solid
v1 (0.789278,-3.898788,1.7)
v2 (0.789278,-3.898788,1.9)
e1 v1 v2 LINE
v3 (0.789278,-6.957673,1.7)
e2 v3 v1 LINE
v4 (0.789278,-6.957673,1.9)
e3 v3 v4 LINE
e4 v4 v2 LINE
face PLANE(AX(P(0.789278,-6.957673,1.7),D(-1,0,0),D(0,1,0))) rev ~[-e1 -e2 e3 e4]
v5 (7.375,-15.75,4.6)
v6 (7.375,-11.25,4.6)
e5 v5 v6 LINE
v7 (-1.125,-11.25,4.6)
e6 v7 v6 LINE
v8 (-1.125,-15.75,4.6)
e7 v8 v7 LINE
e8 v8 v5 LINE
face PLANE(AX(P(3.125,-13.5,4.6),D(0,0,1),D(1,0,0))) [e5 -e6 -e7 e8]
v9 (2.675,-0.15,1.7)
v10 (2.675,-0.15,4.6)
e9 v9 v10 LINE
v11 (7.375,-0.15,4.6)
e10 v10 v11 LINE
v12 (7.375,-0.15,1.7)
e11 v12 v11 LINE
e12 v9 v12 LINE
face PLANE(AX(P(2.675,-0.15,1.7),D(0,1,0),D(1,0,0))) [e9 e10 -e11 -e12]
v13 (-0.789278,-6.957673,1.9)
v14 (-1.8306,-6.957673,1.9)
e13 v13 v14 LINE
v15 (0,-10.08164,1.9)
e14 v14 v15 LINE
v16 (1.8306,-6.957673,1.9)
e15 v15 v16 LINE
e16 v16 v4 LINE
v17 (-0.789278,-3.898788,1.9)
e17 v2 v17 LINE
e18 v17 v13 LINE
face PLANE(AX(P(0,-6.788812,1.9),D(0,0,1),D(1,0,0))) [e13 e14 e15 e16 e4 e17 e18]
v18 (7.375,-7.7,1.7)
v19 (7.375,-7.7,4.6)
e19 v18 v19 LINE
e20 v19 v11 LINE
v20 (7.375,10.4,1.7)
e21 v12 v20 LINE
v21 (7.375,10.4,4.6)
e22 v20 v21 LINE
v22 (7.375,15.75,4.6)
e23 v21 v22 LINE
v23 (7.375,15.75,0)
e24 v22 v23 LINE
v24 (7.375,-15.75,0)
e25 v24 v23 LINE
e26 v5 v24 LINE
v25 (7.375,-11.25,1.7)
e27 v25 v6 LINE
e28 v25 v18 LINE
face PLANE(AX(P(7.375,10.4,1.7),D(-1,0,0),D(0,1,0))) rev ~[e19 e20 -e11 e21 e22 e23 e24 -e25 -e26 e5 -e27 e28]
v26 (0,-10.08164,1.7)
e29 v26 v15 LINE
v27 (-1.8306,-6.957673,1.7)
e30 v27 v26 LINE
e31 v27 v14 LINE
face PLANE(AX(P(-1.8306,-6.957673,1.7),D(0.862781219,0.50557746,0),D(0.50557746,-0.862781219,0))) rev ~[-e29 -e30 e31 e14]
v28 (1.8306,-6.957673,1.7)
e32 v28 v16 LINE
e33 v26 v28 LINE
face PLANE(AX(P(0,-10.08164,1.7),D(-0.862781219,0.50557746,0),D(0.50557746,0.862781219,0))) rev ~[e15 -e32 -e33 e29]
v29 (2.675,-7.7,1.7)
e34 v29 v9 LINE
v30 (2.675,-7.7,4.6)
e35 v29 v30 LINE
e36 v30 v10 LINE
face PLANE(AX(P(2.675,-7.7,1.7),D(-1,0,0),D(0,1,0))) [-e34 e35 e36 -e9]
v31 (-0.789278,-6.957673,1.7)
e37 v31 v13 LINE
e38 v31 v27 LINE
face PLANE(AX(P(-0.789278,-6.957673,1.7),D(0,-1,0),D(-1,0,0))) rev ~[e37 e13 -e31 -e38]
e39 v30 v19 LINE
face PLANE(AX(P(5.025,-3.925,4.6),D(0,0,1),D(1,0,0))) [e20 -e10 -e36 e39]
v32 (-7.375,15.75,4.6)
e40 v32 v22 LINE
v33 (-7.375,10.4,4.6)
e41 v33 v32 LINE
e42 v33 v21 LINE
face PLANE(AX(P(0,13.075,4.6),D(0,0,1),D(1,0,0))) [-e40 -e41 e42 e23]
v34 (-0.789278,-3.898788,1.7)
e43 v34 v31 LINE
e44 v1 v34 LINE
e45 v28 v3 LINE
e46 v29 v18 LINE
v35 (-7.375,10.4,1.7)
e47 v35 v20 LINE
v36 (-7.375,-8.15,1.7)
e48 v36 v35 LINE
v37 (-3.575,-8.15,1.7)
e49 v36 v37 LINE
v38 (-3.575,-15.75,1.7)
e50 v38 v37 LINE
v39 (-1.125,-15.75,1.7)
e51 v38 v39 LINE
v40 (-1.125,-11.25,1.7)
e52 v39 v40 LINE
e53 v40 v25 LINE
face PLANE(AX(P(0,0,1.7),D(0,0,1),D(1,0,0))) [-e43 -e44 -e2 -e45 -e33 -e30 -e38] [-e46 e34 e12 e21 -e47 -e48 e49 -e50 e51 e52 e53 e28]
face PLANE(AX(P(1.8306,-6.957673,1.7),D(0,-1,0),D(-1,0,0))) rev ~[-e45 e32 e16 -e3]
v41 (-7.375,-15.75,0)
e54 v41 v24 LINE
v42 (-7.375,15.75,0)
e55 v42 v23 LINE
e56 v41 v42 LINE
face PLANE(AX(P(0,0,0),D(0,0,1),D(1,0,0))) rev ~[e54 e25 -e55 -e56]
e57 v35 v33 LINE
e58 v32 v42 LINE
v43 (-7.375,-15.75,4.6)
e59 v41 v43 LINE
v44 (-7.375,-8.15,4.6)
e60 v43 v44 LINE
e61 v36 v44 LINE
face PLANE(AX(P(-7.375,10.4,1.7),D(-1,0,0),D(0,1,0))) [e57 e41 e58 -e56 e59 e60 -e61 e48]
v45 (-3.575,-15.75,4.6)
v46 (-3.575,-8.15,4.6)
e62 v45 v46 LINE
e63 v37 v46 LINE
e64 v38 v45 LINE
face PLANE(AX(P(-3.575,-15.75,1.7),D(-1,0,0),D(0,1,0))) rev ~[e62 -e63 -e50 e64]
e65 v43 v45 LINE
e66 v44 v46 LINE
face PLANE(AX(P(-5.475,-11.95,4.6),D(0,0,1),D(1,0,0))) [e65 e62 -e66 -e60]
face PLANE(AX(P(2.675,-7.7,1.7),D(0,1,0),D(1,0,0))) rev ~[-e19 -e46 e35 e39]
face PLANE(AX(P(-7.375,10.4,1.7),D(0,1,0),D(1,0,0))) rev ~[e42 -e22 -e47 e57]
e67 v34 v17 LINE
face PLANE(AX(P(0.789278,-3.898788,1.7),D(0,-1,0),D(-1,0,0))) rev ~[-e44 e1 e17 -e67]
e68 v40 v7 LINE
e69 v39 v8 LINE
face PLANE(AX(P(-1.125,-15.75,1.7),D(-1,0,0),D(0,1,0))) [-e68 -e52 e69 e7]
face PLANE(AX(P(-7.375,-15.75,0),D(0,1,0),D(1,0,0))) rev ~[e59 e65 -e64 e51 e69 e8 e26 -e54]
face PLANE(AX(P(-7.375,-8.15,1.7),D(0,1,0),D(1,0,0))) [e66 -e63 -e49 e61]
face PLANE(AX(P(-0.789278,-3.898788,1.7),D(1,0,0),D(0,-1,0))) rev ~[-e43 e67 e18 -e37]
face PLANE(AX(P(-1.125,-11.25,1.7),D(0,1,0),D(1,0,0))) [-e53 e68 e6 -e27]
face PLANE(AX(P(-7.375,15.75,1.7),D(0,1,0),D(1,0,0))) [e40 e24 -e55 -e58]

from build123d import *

# Parameters (mm, degrees)
F0_W     = 14.75
F0_H     = 31.5
F1_DEPTH = 1.7
F2_W     = 14.75
F2_H     = 5.35
F2_W_2   = 8.5
F2_H_2   = 4.5
F2_W_3   = 3.8
F2_H_3   = 7.6
F2_W_4   = 4.7
F2_H_4   = 7.55
F3_DEPTH = 2.9
F5_DEPTH = 0.2


with BuildPart() as f1:
    # F0 (on Top) → F1 (new body)
    with BuildSketch(Plane.XY):
        Rectangle(F0_W, F0_H)
    extrude(amount=F1_DEPTH)

    # F2 (on face) → F3 (join)
    with BuildSketch(Plane.XY.offset(1.7)):
        with Locations((0, 13.075)):
            Rectangle(F2_W, F2_H)
        with Locations((3.125, -13.5)):
            Rectangle(F2_W_2, F2_H_2)
        with Locations((-5.475, -11.95)):
            Rectangle(F2_W_3, F2_H_3)
        with Locations((5.025, -3.925)):
            Rectangle(F2_W_4, F2_H_4)
    extrude(amount=F3_DEPTH)

    # F4 (on face) → F5 (join)
    with BuildSketch(Plane.XY.offset(1.7)):
        Polygon((0.789278, -3.898788), (0, -3.898788), (-0.789278, -3.898788), (-0.789278, -6.957673), (-1.8306, -6.957673), (0, -10.08164), (1.8306, -6.957673), (0.789278, -6.957673), align=None)
    extrude(amount=F5_DEPTH)


solid = f1.part
